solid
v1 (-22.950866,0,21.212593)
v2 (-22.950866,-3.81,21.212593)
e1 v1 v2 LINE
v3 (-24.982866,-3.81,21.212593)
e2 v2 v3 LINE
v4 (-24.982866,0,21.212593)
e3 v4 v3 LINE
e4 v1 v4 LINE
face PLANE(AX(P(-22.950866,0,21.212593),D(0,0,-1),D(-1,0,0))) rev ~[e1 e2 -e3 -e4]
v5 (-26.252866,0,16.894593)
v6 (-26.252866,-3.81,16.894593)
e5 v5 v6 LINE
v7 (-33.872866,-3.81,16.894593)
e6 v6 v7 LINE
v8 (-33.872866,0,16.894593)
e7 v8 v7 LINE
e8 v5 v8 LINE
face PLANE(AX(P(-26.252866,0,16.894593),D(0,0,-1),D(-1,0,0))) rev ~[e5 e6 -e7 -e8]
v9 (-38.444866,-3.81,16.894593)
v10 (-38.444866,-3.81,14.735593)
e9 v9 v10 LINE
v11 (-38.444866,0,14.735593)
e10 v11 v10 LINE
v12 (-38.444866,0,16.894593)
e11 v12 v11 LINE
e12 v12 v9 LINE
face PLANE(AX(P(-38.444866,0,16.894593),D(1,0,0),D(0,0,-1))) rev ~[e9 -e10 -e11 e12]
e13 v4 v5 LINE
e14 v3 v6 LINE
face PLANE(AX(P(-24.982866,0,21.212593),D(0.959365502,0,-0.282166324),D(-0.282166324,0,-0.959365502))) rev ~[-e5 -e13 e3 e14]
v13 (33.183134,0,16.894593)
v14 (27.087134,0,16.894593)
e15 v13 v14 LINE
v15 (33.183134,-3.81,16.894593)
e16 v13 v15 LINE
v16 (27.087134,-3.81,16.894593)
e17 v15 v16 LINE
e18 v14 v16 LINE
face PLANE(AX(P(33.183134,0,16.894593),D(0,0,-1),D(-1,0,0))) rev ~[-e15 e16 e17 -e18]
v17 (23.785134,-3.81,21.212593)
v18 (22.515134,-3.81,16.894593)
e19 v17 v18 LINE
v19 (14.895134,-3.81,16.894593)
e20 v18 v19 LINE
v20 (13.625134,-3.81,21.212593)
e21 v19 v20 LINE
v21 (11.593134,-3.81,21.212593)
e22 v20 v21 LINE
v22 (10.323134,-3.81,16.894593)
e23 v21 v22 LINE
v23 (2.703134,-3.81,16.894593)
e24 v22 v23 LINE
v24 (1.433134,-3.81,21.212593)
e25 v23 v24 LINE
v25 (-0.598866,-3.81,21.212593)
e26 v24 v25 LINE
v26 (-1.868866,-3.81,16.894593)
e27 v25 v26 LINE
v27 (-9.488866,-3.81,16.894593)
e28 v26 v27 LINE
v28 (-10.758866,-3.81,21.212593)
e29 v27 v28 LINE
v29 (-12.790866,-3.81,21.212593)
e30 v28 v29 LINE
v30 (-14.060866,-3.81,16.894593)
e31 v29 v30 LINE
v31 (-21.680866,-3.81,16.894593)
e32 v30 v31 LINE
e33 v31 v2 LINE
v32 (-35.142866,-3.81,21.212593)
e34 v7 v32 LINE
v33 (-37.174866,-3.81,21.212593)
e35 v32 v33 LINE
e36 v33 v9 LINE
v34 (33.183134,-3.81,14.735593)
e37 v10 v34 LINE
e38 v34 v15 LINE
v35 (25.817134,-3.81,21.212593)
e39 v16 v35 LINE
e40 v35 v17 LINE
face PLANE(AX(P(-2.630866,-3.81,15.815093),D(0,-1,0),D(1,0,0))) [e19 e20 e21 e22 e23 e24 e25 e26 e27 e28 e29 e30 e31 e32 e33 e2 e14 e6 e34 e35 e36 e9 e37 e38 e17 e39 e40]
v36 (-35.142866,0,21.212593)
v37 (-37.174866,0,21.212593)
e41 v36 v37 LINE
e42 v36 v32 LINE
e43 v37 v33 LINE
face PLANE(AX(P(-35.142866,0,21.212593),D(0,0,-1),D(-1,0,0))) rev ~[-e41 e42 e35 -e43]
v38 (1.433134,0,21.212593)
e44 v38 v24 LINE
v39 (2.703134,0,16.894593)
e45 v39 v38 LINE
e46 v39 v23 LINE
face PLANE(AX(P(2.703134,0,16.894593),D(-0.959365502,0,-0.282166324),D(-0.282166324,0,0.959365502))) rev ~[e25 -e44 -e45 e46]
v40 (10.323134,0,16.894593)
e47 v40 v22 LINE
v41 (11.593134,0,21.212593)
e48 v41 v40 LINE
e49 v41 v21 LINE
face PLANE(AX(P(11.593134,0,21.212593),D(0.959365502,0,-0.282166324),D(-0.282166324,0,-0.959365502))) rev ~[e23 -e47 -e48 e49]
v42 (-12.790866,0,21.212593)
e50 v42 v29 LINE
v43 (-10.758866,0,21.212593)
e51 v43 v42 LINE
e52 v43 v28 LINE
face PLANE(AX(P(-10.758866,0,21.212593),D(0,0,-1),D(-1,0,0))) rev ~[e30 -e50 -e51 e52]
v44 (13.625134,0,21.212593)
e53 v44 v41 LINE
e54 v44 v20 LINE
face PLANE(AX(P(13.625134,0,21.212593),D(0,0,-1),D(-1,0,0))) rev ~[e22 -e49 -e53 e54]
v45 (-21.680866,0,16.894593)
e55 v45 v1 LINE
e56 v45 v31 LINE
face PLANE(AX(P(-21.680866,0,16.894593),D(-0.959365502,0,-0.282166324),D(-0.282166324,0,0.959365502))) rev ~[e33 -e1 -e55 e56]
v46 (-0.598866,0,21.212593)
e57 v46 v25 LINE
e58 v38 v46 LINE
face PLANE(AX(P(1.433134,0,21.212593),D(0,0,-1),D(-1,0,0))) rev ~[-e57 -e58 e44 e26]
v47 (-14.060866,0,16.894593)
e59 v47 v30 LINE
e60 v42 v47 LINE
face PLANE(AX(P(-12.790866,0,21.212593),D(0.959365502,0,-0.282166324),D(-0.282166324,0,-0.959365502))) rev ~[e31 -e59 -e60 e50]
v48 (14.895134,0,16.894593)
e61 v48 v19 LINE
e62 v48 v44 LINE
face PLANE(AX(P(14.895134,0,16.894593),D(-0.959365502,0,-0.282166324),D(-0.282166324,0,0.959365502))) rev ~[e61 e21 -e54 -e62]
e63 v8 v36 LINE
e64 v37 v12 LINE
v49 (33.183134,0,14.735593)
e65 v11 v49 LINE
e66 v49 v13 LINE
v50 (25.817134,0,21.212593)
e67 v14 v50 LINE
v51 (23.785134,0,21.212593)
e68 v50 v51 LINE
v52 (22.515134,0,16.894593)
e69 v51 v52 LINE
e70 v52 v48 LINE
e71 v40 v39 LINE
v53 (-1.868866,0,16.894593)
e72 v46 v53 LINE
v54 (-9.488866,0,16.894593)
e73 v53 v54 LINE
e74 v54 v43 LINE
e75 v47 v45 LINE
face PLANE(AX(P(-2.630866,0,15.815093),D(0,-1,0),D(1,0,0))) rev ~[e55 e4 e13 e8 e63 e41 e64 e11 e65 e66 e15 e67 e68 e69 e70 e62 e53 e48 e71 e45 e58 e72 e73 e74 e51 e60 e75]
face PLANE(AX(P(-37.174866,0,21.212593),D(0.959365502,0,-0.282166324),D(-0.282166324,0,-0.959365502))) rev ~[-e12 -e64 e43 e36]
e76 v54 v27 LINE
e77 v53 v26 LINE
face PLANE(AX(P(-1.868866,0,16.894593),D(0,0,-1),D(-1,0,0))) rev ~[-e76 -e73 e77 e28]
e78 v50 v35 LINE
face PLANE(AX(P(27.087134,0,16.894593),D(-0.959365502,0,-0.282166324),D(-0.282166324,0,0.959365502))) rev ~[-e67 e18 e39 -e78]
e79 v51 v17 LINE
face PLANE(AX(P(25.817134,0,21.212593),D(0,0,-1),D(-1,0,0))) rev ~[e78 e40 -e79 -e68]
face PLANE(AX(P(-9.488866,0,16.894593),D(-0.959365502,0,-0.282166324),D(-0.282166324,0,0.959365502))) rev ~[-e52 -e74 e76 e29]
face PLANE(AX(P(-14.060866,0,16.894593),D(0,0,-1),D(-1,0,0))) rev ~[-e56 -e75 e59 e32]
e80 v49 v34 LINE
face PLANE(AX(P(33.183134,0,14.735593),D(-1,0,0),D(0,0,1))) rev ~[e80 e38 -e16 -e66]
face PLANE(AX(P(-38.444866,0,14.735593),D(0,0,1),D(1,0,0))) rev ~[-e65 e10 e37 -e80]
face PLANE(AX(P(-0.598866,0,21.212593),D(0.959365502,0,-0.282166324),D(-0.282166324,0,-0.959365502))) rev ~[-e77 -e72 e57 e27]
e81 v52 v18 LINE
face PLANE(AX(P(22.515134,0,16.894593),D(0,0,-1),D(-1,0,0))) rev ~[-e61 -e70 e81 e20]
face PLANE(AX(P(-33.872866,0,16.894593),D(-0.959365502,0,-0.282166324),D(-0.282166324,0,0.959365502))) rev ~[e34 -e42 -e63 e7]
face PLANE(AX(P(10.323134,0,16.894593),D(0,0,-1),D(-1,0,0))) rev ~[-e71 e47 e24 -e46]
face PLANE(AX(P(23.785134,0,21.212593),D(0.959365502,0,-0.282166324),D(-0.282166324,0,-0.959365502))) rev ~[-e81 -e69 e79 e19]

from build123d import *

# Parameters (mm, degrees)
F1_DEPTH = 3.81


with BuildPart() as f1:
    # F0 (on Front) → F1 (new body)
    with BuildSketch(Plane.XZ):
        Polygon((-38.4448663006, 16.8945933835), (-38.4448663006, 14.7355933835), (33.1831336994, 14.7355933835), (33.1831336994, 16.8945933835), (27.0871336994, 16.8945933835), (22.5151336994, 16.8945933835), (14.8951336994, 16.8945933835), (10.3231336994, 16.8945933835), (2.7031336994, 16.8945933835), (-1.8688663006, 16.8945933835), (-9.4888663006, 16.8945933835), (-14.0608663006, 16.8945933835), (-21.6808663006, 16.8945933835), (-26.2528663006, 16.8945933835), (-33.8728663006, 16.8945933835), align=None)
        Polygon((-37.1748663006, 21.2125933835), (-38.4448663006, 16.8945933835), (-33.8728663006, 16.8945933835), (-35.1428663006, 21.2125933835), align=None)
        Polygon((22.5151336994, 16.8945933835), (27.0871336994, 16.8945933835), (25.8171336994, 21.2125933835), (23.7851336994, 21.2125933835), align=None)
        Polygon((-24.9828663006, 21.2125933835), (-26.2528663006, 16.8945933835), (-21.6808663006, 16.8945933835), (-22.9508663006, 21.2125933835), align=None)
        Polygon((10.3231336994, 16.8945933835), (14.8951336994, 16.8945933835), (13.6251336994, 21.2125933835), (11.5931336994, 21.2125933835), align=None)
        Polygon((-12.7908663006, 21.2125933835), (-14.0608663006, 16.8945933835), (-9.4888663006, 16.8945933835), (-10.7588663006, 21.2125933835), align=None)
        Polygon((-1.8688663006, 16.8945933835), (2.7031336994, 16.8945933835), (1.4331336994, 21.2125933835), (-0.5988663006, 21.2125933835), align=None)
    extrude(amount=F1_DEPTH)


solid = f1.part
